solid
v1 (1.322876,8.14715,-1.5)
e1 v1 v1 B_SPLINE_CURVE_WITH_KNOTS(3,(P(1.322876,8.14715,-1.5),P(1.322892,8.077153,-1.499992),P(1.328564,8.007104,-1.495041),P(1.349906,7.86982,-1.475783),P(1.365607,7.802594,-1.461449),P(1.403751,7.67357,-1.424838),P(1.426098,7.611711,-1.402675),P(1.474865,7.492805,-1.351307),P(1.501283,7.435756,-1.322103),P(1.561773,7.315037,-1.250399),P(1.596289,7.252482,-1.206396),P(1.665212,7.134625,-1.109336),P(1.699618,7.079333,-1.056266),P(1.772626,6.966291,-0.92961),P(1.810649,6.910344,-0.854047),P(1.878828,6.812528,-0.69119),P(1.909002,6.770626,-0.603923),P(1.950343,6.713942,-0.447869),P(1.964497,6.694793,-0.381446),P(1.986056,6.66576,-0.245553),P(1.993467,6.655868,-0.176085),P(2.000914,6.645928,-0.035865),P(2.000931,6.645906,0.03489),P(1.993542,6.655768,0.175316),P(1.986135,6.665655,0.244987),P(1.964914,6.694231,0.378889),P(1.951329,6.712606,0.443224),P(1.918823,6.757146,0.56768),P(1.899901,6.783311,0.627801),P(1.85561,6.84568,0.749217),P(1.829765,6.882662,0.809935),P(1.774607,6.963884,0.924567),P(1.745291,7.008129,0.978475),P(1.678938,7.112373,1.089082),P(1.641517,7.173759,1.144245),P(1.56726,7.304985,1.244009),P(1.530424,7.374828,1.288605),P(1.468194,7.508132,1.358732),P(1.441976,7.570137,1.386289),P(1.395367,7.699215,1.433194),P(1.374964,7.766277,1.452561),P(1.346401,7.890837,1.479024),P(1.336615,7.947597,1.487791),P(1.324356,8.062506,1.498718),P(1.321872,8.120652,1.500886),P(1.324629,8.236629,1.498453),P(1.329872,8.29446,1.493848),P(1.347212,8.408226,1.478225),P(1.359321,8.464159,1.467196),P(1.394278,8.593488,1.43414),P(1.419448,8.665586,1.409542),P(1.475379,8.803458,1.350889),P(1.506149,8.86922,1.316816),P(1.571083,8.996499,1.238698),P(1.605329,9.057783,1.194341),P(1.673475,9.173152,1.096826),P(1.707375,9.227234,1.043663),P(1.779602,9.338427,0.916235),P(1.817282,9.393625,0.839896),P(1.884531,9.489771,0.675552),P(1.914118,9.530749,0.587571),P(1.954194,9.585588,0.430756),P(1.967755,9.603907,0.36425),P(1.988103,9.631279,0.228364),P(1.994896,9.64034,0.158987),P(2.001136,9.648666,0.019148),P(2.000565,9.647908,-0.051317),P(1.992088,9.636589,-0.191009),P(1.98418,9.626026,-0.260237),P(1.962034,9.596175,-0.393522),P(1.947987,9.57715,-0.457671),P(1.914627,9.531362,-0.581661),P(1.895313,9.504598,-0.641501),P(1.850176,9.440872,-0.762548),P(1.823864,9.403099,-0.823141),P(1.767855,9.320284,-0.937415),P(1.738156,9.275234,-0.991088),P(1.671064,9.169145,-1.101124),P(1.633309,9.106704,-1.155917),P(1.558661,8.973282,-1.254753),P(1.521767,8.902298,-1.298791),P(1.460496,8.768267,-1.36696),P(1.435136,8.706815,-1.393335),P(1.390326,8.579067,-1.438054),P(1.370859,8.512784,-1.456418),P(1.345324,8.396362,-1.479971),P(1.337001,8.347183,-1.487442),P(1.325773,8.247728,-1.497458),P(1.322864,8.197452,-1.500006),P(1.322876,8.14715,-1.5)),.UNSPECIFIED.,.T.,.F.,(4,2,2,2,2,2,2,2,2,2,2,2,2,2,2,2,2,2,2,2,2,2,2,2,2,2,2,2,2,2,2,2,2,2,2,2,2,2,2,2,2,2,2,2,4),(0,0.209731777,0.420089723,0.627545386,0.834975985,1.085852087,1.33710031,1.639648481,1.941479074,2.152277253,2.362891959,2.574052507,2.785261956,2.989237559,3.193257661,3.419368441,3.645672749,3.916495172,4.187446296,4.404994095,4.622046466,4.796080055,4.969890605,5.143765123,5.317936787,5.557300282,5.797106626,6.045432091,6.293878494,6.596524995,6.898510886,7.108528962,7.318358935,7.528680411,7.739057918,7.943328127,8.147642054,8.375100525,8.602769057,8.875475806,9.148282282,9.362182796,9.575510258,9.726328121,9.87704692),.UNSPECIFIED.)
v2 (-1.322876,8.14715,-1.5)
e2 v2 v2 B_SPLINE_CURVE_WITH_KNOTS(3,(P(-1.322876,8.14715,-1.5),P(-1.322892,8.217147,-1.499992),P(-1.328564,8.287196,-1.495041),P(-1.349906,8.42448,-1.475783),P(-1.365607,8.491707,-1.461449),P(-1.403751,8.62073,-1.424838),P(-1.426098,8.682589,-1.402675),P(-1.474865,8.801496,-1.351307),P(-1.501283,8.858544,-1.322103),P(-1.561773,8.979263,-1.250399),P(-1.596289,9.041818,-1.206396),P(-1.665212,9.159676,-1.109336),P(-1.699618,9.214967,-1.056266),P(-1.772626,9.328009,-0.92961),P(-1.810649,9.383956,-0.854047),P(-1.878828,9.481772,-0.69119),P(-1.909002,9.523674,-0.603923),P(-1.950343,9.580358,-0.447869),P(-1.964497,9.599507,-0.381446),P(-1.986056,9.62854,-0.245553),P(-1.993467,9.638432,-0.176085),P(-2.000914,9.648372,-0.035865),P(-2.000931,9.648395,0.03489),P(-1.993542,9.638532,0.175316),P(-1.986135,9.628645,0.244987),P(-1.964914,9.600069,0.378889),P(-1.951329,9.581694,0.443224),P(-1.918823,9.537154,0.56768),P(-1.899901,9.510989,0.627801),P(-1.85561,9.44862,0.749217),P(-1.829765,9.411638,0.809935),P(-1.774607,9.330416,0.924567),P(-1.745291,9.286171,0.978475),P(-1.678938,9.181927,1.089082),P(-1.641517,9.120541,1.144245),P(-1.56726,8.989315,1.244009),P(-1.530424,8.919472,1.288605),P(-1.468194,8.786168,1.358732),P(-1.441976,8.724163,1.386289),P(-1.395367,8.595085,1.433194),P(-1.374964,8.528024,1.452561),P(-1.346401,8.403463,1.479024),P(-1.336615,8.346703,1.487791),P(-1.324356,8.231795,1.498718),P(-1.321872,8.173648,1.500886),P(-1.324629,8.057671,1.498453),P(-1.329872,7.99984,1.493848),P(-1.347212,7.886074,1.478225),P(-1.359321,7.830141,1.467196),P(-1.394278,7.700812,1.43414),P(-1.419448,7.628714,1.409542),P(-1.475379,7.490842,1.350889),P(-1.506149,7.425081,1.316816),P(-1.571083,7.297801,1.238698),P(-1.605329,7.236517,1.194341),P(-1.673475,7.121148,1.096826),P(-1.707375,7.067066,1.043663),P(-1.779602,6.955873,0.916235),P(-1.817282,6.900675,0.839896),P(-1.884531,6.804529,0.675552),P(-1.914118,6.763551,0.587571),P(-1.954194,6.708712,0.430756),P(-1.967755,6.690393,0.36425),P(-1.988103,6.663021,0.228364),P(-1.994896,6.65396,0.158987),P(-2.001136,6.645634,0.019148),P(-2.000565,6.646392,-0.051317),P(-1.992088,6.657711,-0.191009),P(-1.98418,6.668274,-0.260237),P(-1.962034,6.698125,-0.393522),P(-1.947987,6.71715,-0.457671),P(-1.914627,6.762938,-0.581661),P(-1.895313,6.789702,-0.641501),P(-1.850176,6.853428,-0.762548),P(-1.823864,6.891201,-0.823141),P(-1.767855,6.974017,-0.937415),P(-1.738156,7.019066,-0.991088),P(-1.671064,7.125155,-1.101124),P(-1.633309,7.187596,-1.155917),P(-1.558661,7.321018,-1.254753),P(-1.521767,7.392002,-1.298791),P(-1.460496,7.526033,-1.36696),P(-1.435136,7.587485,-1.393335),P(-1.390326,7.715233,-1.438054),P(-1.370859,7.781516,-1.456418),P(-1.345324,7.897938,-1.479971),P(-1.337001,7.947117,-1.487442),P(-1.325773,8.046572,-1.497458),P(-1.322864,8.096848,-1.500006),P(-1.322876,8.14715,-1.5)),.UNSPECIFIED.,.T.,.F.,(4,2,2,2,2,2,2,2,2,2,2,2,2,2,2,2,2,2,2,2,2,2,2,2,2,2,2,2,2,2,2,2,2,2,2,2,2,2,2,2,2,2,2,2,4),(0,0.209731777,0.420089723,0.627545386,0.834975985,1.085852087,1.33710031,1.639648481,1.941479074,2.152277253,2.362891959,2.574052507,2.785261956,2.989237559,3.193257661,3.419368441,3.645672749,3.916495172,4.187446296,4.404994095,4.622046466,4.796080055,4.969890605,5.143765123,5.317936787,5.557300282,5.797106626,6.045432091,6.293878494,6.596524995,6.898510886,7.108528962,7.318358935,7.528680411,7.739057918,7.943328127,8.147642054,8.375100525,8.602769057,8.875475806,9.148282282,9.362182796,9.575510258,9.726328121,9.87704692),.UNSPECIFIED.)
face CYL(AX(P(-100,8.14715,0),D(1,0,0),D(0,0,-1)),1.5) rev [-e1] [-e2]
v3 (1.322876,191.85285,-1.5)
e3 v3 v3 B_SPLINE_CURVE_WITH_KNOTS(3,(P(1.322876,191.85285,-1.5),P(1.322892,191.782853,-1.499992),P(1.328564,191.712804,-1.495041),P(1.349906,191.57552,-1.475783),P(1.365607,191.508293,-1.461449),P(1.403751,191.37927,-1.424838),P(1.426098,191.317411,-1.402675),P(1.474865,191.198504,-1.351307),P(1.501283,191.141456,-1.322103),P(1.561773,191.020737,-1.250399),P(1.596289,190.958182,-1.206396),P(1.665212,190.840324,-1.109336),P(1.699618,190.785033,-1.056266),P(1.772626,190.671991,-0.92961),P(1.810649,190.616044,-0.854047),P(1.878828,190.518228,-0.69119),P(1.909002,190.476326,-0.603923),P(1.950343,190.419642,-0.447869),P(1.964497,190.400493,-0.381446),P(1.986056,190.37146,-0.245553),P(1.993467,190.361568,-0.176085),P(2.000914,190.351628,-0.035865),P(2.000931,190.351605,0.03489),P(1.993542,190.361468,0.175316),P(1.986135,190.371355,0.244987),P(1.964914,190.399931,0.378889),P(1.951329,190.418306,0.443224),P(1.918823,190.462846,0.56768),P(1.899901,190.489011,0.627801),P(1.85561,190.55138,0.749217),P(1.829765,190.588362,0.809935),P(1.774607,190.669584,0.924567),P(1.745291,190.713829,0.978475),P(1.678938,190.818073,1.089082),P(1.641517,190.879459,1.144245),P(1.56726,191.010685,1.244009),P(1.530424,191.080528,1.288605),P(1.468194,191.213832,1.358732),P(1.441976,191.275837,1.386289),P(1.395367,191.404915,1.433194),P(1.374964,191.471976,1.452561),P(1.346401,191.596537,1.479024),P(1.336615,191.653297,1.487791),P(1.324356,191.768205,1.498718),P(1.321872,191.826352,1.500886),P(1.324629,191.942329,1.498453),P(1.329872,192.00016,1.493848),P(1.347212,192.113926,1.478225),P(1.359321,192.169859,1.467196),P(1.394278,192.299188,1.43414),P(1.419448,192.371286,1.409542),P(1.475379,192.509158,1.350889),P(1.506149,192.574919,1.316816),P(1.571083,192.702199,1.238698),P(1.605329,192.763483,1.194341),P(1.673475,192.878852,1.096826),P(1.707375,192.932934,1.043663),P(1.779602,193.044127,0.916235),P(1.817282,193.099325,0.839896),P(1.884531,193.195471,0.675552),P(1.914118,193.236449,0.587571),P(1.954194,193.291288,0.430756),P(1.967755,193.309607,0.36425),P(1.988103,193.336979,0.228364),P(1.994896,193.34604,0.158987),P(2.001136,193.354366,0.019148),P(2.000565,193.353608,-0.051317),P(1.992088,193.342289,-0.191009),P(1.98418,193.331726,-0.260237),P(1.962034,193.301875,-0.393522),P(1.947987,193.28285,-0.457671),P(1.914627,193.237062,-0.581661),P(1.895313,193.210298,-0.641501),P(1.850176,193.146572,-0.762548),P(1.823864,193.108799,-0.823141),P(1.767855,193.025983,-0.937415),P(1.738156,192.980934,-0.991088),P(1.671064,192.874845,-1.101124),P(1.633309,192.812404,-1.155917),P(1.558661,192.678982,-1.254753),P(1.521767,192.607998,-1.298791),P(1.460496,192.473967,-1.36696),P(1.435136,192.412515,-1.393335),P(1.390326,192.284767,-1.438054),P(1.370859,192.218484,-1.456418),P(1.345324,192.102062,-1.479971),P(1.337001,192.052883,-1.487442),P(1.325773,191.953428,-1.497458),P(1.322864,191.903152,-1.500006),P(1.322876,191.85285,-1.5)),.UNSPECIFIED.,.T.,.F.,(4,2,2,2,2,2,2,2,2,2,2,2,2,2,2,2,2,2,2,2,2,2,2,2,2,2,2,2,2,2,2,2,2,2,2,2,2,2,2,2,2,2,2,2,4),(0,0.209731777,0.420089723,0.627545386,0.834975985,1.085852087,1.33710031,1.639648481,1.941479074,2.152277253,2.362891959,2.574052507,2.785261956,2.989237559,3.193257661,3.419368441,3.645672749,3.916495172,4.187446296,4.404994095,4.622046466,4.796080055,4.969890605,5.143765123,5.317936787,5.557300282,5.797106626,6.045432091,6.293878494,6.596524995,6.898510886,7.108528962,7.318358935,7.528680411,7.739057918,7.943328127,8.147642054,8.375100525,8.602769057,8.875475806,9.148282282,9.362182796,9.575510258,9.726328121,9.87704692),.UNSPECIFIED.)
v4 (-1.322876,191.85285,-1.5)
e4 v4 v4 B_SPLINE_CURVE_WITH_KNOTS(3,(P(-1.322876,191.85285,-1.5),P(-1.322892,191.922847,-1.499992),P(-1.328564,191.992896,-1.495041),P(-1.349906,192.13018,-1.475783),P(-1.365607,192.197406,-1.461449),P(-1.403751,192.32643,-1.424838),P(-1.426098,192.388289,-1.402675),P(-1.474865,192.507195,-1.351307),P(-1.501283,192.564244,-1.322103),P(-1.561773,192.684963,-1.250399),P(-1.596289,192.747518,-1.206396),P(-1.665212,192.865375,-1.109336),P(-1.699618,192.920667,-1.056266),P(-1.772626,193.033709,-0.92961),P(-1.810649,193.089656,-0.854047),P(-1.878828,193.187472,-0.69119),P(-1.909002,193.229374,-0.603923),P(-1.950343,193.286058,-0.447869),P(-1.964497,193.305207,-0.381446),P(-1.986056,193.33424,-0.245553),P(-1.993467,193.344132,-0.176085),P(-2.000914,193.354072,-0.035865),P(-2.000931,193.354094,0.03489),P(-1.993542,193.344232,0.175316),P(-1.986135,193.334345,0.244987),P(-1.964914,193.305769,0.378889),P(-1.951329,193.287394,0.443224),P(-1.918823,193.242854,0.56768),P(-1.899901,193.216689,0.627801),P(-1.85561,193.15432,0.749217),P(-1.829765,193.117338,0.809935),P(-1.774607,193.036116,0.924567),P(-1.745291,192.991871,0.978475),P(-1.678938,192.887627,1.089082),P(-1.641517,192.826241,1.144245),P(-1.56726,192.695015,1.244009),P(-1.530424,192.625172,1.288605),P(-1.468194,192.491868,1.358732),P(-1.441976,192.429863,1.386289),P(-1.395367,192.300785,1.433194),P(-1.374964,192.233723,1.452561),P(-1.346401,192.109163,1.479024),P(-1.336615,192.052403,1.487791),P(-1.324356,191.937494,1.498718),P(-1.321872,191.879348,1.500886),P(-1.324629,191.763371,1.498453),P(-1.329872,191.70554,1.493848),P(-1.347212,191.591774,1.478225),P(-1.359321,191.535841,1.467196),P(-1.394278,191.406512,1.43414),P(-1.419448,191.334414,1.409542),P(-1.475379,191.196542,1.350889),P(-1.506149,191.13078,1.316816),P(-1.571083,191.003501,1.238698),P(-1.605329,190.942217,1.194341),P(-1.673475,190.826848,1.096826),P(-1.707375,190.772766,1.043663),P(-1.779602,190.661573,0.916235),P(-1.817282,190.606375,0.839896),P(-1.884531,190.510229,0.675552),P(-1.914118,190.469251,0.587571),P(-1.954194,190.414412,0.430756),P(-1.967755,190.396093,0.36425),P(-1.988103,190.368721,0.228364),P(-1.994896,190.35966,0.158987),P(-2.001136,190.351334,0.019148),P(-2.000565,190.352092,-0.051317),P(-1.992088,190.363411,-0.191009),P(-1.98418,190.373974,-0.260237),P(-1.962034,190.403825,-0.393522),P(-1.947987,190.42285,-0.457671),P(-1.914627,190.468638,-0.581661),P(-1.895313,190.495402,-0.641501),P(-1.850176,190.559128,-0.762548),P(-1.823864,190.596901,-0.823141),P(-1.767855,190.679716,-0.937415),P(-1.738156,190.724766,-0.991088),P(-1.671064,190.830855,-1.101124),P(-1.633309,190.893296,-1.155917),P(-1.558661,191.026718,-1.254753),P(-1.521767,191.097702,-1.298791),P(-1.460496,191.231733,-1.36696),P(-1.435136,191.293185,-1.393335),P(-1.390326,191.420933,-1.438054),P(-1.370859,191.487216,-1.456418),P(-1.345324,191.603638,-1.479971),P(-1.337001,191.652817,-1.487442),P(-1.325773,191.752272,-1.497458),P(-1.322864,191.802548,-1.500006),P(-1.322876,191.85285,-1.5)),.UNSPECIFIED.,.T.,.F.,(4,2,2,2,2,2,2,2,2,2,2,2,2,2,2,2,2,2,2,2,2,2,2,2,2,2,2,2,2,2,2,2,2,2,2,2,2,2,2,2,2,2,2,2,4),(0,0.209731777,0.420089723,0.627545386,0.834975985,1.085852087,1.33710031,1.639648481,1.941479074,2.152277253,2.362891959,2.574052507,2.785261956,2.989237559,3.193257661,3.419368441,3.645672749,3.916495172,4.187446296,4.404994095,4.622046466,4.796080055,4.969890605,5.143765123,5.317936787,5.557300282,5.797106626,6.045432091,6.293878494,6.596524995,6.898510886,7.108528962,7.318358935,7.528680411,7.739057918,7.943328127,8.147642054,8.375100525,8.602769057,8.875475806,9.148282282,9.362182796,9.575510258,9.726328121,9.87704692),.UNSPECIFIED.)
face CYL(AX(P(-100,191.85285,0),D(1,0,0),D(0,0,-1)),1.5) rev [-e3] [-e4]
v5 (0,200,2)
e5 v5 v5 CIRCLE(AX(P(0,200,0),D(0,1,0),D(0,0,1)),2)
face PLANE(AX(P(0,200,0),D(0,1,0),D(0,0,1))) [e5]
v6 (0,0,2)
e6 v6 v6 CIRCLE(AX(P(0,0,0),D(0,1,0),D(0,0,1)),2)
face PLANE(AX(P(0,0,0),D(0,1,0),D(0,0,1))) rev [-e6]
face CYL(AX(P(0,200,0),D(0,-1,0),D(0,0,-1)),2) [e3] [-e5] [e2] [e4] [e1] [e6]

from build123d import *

# Parameters (mm, degrees)
SKETCH_1_R          = 2
EXTRUDE_1_DEPTH     = 200
SKETCH_2_R          = 1.5
CUT_EXTRUDE_3_DEPTH = 100


with BuildPart() as part:
    # 草图1 → 凸台-拉伸1 (new body)
    with BuildSketch(Plane(origin=(0, 0, 0), x_dir=(1, 0, 0), z_dir=(0, 1, 0))):
        with Locations(Location((0, 0, 0), (0, 0, 270))):
            Circle(SKETCH_1_R)
    extrude(amount=EXTRUDE_1_DEPTH)

    # 草图2 → 切除-拉伸3 (cut, symmetric)
    with BuildSketch(Plane(origin=(0, 0, 0), x_dir=(0, 0, -1), z_dir=(1, 0, 0))):
        with Locations((0, 8.147150069)):
            Circle(SKETCH_2_R)
        with Locations((0, 191.852849931)):
            Circle(SKETCH_2_R)
    extrude(amount=CUT_EXTRUDE_3_DEPTH, both=True, mode=Mode.SUBTRACT)


solid = part.part
